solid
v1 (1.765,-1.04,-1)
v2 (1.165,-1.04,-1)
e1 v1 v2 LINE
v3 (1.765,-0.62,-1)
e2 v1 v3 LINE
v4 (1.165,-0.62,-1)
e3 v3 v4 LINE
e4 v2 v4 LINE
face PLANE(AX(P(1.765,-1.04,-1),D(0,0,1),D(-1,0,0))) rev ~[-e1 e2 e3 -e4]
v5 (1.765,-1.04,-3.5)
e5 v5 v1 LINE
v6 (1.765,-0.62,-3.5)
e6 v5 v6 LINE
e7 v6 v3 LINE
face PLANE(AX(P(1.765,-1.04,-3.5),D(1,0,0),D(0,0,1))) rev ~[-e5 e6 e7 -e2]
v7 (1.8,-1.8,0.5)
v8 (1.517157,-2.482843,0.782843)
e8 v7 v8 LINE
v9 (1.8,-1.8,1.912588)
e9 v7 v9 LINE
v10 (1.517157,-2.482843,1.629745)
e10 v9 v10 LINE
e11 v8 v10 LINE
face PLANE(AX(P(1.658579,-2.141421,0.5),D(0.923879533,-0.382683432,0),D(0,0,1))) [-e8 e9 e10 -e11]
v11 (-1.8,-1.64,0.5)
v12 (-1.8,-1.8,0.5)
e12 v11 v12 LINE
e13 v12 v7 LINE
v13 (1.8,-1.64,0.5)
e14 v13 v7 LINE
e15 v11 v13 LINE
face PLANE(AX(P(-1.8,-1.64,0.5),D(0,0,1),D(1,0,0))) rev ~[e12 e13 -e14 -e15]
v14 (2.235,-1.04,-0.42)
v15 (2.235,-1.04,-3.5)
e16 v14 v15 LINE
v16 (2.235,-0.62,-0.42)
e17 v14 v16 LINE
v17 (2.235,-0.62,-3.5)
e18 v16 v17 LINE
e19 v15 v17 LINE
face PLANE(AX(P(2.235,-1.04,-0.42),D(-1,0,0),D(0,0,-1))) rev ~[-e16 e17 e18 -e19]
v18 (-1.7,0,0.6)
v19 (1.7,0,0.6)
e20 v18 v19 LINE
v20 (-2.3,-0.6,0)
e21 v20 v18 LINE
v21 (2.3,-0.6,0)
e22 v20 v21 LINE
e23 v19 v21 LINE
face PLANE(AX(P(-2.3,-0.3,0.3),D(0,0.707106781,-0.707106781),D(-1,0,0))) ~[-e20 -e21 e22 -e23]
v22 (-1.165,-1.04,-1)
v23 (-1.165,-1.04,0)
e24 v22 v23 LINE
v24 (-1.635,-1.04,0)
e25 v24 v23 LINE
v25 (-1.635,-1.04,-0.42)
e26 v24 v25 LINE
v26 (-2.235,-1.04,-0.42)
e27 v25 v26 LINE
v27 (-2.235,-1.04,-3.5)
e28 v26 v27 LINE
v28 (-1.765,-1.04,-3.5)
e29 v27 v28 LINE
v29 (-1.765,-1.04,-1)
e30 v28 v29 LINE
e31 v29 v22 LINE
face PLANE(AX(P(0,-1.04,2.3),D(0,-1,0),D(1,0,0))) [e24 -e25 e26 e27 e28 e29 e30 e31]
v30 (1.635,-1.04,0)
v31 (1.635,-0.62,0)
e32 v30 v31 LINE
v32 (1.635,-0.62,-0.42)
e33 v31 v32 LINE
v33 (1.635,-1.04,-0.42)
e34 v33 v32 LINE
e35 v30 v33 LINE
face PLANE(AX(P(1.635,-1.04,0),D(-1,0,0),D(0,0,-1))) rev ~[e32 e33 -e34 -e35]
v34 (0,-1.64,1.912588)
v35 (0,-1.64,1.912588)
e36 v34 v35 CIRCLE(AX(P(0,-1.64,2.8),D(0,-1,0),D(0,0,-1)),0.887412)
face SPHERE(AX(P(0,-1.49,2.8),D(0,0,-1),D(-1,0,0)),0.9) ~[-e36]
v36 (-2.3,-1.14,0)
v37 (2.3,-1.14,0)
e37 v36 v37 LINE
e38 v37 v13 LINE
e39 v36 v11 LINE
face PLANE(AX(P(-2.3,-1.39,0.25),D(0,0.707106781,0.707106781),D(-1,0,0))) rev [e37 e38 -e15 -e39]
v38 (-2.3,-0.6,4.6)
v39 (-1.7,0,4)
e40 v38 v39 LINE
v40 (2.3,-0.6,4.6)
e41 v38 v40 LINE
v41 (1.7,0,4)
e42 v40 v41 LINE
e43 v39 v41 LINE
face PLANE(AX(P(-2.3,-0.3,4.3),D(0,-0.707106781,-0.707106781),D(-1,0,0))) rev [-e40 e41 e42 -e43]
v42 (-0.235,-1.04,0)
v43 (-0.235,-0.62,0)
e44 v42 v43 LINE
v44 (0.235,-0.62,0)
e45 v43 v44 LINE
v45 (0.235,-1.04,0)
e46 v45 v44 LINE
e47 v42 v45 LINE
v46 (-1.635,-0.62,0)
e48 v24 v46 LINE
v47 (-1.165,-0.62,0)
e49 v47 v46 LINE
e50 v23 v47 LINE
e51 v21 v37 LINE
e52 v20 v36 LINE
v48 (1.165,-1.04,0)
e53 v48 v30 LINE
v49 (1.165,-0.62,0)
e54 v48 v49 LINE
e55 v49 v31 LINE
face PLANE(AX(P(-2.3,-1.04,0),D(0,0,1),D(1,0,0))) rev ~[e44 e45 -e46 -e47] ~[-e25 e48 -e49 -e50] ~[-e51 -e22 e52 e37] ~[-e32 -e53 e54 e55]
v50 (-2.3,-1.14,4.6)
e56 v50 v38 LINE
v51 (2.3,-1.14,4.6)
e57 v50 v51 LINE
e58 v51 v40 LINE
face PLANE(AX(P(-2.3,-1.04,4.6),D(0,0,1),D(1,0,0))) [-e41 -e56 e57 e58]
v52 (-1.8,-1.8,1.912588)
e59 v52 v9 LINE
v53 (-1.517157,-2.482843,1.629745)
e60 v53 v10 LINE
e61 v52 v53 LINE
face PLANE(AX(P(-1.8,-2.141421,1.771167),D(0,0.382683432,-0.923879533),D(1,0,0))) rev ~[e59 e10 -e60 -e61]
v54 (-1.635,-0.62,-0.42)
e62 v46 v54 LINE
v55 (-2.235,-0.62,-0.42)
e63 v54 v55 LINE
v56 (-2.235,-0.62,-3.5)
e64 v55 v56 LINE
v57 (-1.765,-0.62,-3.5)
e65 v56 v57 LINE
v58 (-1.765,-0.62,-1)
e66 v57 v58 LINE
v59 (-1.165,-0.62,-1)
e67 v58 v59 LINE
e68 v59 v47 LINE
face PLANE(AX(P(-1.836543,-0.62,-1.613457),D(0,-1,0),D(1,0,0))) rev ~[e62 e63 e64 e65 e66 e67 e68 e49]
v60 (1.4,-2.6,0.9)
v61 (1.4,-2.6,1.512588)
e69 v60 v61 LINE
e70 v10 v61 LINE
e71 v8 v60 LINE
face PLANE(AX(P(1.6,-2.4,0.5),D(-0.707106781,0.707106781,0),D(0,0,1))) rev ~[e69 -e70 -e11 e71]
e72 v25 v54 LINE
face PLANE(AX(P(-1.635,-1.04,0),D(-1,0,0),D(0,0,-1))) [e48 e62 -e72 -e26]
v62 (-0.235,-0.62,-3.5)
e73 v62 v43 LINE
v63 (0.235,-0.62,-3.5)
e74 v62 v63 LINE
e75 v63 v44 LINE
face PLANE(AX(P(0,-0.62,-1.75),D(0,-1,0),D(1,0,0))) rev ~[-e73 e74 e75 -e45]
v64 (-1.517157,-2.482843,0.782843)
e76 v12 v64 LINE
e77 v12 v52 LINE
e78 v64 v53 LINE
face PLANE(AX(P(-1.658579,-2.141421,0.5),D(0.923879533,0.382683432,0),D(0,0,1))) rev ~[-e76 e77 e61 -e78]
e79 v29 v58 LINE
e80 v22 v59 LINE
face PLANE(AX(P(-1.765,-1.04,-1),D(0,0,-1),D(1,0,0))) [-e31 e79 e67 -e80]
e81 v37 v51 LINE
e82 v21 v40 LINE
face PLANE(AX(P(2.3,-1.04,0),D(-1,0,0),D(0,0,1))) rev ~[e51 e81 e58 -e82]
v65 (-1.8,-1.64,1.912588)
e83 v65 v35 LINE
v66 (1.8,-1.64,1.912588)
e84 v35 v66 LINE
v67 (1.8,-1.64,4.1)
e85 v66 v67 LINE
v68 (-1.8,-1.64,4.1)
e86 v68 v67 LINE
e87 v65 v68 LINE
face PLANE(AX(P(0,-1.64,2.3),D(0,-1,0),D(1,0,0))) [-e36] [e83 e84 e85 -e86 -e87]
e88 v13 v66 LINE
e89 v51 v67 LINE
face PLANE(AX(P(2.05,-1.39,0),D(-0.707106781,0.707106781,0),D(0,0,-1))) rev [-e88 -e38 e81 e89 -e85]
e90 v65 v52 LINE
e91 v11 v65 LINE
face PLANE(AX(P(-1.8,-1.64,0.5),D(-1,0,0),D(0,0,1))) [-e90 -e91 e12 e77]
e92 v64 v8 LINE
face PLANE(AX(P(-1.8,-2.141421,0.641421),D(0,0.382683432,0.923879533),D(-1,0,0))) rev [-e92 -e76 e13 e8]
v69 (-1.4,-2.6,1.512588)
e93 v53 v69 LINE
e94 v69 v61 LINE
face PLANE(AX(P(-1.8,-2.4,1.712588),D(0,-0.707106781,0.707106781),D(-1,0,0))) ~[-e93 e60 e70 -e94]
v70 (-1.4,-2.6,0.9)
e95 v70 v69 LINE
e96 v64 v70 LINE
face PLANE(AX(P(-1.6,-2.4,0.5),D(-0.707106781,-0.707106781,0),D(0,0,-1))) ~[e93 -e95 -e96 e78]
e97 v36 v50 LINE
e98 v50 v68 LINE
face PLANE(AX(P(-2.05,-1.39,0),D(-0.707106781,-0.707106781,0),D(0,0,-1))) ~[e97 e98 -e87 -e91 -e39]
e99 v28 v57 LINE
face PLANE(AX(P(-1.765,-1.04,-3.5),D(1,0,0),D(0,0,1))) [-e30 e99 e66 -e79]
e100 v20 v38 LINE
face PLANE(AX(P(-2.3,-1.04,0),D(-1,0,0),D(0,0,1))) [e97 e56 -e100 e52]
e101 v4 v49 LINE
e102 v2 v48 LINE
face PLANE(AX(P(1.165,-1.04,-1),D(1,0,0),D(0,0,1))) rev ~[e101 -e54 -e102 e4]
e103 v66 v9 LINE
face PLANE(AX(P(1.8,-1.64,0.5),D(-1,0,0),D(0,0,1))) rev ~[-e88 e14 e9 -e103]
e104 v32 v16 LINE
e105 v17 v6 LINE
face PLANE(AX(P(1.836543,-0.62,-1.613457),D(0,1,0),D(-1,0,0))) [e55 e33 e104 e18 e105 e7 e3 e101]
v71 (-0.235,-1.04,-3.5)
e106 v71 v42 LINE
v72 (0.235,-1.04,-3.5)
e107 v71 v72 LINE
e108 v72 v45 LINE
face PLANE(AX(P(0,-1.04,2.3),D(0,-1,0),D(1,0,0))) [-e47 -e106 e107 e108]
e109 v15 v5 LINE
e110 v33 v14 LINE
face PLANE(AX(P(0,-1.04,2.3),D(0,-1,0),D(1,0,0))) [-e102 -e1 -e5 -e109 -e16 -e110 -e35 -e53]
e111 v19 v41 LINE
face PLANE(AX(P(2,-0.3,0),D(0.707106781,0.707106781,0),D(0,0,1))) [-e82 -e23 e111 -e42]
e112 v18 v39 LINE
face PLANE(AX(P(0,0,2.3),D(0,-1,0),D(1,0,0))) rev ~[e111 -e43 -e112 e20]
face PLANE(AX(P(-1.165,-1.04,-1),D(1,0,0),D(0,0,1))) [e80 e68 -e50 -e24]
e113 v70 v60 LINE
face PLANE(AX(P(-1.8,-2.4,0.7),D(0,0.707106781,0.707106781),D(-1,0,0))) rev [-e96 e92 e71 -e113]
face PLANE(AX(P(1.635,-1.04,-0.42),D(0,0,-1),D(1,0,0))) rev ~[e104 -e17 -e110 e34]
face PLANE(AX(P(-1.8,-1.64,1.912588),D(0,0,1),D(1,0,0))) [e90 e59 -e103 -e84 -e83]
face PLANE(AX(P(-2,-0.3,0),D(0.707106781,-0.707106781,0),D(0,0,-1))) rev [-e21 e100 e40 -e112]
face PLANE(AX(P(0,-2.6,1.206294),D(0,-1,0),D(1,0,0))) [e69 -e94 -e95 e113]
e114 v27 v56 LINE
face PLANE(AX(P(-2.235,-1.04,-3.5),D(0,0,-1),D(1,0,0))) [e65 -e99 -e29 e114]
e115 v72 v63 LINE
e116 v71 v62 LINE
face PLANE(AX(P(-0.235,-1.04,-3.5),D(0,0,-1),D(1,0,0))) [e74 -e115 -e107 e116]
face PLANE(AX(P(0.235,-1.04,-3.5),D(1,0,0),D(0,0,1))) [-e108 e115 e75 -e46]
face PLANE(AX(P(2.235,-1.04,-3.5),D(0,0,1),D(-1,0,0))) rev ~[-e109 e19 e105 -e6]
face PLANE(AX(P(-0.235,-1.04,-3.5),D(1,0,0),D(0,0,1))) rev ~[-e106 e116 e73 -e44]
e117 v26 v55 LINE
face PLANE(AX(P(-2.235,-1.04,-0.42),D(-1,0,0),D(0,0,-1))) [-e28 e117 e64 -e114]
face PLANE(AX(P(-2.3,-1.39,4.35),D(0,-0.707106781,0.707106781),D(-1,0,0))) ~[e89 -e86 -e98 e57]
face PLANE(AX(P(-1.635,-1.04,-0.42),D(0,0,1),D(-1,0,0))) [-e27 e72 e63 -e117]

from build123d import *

# Parameters (mm, degrees)
SKETCH_W         = 4.6
SKETCH_H         = 4.6
PAD_DEPTH        = 1.04
SKETCH001_W      = 0.47
SKETCH001_H      = 3.5
PAD001_DEPTH     = 0.42
CHAMFER_SIZE     = 0.6
SKETCH002_R      = 0.9
PAD002_DEPTH     = 0.45
REVOLUTION_ANGLE = 180
SKETCH004_W      = 4.6
SKETCH004_H      = 4.6
PAD003_DEPTH     = 0.6
CHAMFER001_SIZE  = 0.5
SKETCH005_W      = 3.6
SKETCH005_H      = 1.412588
PAD004_DEPTH     = 0.96
CHAMFER002_SIZE  = 0.4
CHAMFER003_SIZE  = 0.4


with BuildPart() as part:
    # Sketch → Pad (new body)
    with BuildSketch(Plane.XZ):
        with Locations((0, 2.3)):
            Rectangle(SKETCH_W, SKETCH_H)
    extrude(amount=PAD_DEPTH)

    # Sketch001 → Pad001 (new body)
    with BuildSketch(Plane.XZ.offset(1.04)):
        with Locations((0, -1.75)):
            Rectangle(SKETCH001_W, SKETCH001_H)
        Polygon((1.635, 0), (1.635, -0.42), (2.235, -0.42), (2.235, -3.5), (1.765, -3.5), (1.765, -1), (1.165, -1), (1.165, 0), align=None)
        Polygon((-1.635, 0), (-1.635, -0.42), (-2.235, -0.42), (-2.235, -3.5), (-1.765, -3.5), (-1.765, -1), (-1.165, -1), (-1.165, 0), align=None)
    extrude(amount=-PAD001_DEPTH)

    # Chamfer
    chamfer_edges = [part.edges().sort_by_distance(p)[0] for p in [
        (0, 0, 4.6),
        (2.3, 0, 2.3),
        (-2.3, 0, 2.3),
        (0, 0, 0),
    ]]
    chamfer(chamfer_edges, length=CHAMFER_SIZE)

    # Sketch002 → Pad002 (new body)
    with BuildSketch(Plane.XZ.offset(1.04)):
        with Locations((0, 2.8)):
            Circle(SKETCH002_R)
    extrude(amount=PAD002_DEPTH)

    # Sketch003 → Revolution (revolve)
    with BuildSketch(Plane.XZ.offset(1.49)):
        with BuildLine():
            ThreePointArc((-1.1e-05, 3.7), (-0.9, 2.8), (-1.1e-05, 1.9))
            Line((-1.1e-05, 3.7), (-1.1e-05, 1.9))
        make_face()
    revolve(axis=Axis((0, -1.49, 0), (0, 0, 1)), revolution_arc=REVOLUTION_ANGLE)

    # Sketch004 → Pad003 (new body)
    with BuildSketch(Plane.XZ.offset(1.04)):
        with Locations((0, 2.3)):
            Rectangle(SKETCH004_W, SKETCH004_H)
    extrude(amount=PAD003_DEPTH)

    # Chamfer001
    chamfer001_edges = [part.edges().sort_by_distance(p)[0] for p in [
        (0, -1.64, 4.6),
        (2.3, -1.64, 2.3),
        (0, -1.64, 0),
        (-2.3, -1.64, 2.3),
    ]]
    chamfer(chamfer001_edges, length=CHAMFER001_SIZE)

    # Sketch005 → Pad004 (new body)
    with BuildSketch(Plane.XZ.offset(1.64)):
        with Locations((0, 1.206294)):
            Rectangle(SKETCH005_W, SKETCH005_H)
    extrude(amount=PAD004_DEPTH)

    # Chamfer002
    chamfer002_edges = [part.edges().sort_by_distance(p)[0] for p in [
        (0, -2.6, 1.912588),
        (0, -2.6, 0.5),
        (-1.8, -2.6, 1.206294),
        (1.8, -2.6, 1.206294),
    ]]
    chamfer(chamfer002_edges, length=CHAMFER002_SIZE)

    # Chamfer003
    chamfer003_edges = [part.edges().sort_by_distance(p)[0] for p in [
        (0, -2.2, 1.912588),
        (1.8, -2.2, 1.206294),
        (0, -2.2, 0.5),
        (-1.8, -2.2, 1.206294),
    ]]
    chamfer(chamfer003_edges, length=CHAMFER003_SIZE)


solid = part.part
